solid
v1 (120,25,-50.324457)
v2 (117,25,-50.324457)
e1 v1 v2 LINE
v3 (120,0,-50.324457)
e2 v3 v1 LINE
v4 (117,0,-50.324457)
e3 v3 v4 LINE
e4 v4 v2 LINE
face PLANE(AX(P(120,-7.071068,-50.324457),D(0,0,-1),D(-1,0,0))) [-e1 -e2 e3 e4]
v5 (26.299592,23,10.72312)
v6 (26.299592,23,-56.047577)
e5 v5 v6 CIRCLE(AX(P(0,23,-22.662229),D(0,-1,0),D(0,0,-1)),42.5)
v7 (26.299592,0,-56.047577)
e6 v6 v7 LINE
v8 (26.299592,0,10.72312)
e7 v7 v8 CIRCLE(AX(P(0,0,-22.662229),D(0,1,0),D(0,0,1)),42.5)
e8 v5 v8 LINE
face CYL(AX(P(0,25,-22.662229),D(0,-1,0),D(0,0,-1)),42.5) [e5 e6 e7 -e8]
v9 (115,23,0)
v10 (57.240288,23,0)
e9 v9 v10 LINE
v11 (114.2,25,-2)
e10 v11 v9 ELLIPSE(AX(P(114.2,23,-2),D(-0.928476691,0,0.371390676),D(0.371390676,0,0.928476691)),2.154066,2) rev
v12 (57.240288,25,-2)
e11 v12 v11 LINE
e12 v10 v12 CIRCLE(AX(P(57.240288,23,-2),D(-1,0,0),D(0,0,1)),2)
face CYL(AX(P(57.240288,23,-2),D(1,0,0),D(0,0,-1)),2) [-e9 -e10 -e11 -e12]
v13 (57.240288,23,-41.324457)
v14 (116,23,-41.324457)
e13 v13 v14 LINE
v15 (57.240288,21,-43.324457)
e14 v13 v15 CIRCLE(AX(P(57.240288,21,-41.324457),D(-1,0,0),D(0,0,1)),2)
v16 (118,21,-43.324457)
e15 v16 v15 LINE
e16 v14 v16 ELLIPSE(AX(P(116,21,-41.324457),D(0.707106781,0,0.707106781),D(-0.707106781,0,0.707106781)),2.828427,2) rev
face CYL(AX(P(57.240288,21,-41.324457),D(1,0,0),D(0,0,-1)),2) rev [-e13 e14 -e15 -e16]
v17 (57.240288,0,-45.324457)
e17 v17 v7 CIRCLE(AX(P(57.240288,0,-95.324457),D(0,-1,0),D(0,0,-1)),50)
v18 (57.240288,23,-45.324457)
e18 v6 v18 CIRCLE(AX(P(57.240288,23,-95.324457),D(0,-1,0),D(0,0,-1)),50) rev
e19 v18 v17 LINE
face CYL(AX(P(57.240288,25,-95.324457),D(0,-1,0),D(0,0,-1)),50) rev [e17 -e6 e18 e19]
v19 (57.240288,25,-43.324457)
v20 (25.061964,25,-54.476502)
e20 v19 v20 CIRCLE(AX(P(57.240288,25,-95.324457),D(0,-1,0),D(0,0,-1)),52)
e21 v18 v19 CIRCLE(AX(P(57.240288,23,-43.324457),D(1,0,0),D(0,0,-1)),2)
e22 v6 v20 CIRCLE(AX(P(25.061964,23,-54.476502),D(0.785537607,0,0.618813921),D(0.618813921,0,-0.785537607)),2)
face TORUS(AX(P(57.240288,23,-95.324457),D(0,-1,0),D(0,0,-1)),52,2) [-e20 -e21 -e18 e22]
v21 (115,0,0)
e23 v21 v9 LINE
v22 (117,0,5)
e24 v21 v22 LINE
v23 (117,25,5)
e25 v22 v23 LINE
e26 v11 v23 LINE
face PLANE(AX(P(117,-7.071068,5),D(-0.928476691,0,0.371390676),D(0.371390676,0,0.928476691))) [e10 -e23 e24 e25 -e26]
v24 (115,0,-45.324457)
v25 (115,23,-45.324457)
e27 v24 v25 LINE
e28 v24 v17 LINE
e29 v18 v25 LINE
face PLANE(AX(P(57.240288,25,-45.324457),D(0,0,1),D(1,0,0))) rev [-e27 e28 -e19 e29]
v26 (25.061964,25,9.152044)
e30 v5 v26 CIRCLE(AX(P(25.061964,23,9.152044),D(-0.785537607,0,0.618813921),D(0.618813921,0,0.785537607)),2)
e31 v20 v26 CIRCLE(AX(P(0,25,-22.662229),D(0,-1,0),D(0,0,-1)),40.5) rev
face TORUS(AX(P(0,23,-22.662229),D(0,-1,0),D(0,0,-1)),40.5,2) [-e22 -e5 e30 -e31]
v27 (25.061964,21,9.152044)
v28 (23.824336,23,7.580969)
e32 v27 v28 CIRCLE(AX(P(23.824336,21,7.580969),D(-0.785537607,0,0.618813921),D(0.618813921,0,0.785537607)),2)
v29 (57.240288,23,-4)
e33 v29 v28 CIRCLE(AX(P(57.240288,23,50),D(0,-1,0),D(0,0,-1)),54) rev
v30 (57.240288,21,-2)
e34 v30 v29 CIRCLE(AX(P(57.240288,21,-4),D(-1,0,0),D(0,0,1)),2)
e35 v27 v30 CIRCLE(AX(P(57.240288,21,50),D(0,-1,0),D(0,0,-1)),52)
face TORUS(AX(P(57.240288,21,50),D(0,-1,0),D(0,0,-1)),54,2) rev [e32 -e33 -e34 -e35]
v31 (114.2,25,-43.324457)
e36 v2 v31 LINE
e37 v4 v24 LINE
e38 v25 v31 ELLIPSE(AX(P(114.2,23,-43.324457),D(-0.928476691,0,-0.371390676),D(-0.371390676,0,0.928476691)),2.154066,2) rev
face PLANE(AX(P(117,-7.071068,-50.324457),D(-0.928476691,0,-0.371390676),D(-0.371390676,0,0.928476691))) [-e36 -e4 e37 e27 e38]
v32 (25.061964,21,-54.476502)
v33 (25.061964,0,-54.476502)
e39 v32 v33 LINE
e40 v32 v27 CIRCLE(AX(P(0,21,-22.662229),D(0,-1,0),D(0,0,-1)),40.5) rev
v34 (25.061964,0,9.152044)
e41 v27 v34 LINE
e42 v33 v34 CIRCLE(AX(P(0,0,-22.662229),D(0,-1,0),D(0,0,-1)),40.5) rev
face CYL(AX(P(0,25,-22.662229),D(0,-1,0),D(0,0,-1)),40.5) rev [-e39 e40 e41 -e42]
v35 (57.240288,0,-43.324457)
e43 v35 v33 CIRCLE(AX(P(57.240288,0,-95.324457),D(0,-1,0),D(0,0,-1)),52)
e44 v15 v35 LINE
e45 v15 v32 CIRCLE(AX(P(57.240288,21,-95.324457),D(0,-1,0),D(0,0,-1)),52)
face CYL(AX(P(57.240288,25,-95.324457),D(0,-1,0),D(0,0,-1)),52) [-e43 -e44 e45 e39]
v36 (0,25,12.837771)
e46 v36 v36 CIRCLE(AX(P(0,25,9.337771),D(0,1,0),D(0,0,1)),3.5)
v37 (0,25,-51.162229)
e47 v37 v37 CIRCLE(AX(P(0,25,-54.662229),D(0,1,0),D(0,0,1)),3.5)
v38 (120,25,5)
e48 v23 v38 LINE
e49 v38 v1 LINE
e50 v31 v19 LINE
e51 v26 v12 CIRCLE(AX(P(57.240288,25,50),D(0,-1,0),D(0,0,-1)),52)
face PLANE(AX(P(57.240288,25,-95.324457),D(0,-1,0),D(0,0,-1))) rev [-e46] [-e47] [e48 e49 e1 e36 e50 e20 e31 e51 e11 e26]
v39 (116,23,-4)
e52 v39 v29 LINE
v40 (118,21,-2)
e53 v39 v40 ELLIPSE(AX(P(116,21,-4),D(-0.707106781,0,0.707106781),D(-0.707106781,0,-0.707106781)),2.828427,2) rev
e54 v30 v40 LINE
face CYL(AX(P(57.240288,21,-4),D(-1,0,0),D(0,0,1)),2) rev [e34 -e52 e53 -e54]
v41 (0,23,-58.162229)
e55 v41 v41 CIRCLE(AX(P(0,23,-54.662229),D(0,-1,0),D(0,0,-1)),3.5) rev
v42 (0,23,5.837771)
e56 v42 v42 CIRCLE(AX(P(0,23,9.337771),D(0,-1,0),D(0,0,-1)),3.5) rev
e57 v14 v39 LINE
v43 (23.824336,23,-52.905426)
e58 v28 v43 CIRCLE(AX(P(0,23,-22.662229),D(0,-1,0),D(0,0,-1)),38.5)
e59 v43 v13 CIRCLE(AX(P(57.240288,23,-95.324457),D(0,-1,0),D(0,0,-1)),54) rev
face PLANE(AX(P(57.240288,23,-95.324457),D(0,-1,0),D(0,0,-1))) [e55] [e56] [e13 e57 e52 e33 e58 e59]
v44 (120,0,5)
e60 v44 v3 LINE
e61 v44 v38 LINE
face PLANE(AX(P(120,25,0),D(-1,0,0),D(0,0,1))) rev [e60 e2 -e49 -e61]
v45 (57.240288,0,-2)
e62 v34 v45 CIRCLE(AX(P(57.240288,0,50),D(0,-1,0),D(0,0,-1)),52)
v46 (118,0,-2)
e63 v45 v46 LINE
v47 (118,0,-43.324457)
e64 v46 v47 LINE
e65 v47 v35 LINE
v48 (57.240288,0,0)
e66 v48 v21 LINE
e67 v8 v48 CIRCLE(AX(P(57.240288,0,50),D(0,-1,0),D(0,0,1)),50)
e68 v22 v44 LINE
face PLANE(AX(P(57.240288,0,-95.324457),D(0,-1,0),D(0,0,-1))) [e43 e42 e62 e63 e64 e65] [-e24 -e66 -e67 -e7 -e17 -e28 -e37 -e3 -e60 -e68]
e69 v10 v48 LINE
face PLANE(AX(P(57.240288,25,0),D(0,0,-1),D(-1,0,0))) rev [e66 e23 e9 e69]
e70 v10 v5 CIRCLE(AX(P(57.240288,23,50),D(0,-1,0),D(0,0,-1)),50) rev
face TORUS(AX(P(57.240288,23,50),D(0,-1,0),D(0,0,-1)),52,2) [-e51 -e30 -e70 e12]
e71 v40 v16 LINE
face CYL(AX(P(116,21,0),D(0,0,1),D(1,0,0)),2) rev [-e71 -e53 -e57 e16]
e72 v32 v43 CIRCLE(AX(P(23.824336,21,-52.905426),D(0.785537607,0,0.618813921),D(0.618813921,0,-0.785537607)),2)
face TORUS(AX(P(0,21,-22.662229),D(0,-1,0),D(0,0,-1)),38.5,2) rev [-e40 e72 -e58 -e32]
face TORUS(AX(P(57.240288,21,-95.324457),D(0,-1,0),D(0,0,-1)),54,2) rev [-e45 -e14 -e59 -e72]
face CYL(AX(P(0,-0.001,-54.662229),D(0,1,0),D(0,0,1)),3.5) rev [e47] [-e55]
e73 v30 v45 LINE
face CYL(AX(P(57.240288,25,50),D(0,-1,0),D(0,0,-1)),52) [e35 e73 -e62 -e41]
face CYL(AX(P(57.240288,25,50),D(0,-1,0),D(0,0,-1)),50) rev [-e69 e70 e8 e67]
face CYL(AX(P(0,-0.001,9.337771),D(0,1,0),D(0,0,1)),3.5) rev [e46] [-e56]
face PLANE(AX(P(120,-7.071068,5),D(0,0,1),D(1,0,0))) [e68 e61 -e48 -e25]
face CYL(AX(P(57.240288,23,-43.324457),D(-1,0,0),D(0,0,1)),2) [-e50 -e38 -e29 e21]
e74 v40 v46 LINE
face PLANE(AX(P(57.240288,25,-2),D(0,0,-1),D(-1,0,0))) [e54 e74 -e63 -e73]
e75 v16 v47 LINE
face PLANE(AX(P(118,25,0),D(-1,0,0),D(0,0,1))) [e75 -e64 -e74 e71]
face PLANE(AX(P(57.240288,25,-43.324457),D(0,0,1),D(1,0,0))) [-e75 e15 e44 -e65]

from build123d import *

# Parameters (mm, degrees)
SALIENTE_EXTRUIR1_DEPTH = 25
VACIADO1_T              = -2
CORTAR_EXTRUIR1_REACH   = 27
CROQUIS3_R              = 3.5
SALIENTE_EXTRUIR2_DEPTH = 25
REDONDEO1_R             = 2
REDONDEO2_R             = 2


with BuildPart() as part:
    # Croquis1 → Saliente-Extruir1 (new body)
    with BuildSketch(Plane(origin=(0, 0, 0), x_dir=(1, 0, 0), z_dir=(0, 1, 0))):
        with BuildLine():
            Line((57.240287673, 0), (120, 0))
            Line((120, 0), (120, 45.324457228))
            Line((120, 45.324457228), (57.240287673, 45.324457228))
            ThreePointArc((57.240287673, 45.324457228), (40.867200252, 48.081235404), (26.299591633, 56.047576896))
            ThreePointArc((26.299591633, 56.047576896), (-42.5, 22.662228614), (26.299591633, -10.723119668))
            ThreePointArc((26.299591633, -10.723119668), (40.867200252, -2.756778176), (57.240287673, 0))
        make_face()
    extrude(amount=SALIENTE_EXTRUIR1_DEPTH)

    # Vaciado1
    vaciado1_openings = [part.faces().sort_by_distance(p)[0] for p in [
        (56.079114696, 0, -22.662228614),
    ]]
    offset(amount=VACIADO1_T, openings=vaciado1_openings, kind=Kind.INTERSECTION)

    # Croquis3 → Cortar-Extruir1 (cut, up to next)
    with BuildSketch(Plane(origin=(0, 25, 0), x_dir=(1, 0, 0), z_dir=(0, 1, 0)), mode=Mode.PRIVATE) as cortar_extruir1_sk1:
        with Locations((0, 54.662228614)):
            Circle(CROQUIS3_R)
    cortar_extruir1_tool1 = extrude(cortar_extruir1_sk1.sketch, amount=-CORTAR_EXTRUIR1_REACH, mode=Mode.PRIVATE) & part.part
    add(cortar_extruir1_tool1.solids().sort_by_distance((0, 25, -54.662229))[0], mode=Mode.SUBTRACT)
    # Croquis3 → Cortar-Extruir1 (cut, up to next)
    with BuildSketch(Plane(origin=(0, 25, 0), x_dir=(1, 0, 0), z_dir=(0, 1, 0)), mode=Mode.PRIVATE) as cortar_extruir1_sk2:
        with Locations((0, -9.337771386)):
            Circle(CROQUIS3_R)
    cortar_extruir1_tool2 = extrude(cortar_extruir1_sk2.sketch, amount=-CORTAR_EXTRUIR1_REACH, mode=Mode.PRIVATE) & part.part
    add(cortar_extruir1_tool2.solids().sort_by_distance((0, 25, 9.337771))[0], mode=Mode.SUBTRACT)

    # Croquis4 → Saliente-Extruir2 (add)
    with BuildSketch(Plane(origin=(0, 25, 0), x_dir=(1, 0, 0), z_dir=(0, 1, 0))):
        Polygon((120, 45.324457228), (120, 50.324457228), (117, 50.324457228), (115, 45.324457228), align=None)
        Polygon((115, 0), (120, 0), (120, -5), (117, -5), align=None)
    extrude(amount=-SALIENTE_EXTRUIR2_DEPTH)

    # Redondeo1
    redondeo1_edges = [part.edges().sort_by_distance(p)[0] for p in [
        (40.867200252, 25, 2.756778176),
        (86.120143836, 25, 0),
        (40.867200252, 25, -48.081235404),
        (86.120143836, 25, -45.324457228),
        (-42.5, 25, -22.662228614),
    ]]
    fillet(redondeo1_edges, radius=REDONDEO1_R)

    # Redondeo2
    redondeo2_edges = [part.edges().sort_by_distance(p)[0] for p in [
        (40.212276755, 23, -46.191506531),
        (-40.5, 23, -22.662228614),
        (40.212276755, 23, 0.867049303),
        (87.620143836, 23, -2),
        (118, 23, -22.662228614),
        (87.620143836, 23, -43.324457228),
    ]]
    fillet(redondeo2_edges, radius=REDONDEO2_R)


solid = part.part
